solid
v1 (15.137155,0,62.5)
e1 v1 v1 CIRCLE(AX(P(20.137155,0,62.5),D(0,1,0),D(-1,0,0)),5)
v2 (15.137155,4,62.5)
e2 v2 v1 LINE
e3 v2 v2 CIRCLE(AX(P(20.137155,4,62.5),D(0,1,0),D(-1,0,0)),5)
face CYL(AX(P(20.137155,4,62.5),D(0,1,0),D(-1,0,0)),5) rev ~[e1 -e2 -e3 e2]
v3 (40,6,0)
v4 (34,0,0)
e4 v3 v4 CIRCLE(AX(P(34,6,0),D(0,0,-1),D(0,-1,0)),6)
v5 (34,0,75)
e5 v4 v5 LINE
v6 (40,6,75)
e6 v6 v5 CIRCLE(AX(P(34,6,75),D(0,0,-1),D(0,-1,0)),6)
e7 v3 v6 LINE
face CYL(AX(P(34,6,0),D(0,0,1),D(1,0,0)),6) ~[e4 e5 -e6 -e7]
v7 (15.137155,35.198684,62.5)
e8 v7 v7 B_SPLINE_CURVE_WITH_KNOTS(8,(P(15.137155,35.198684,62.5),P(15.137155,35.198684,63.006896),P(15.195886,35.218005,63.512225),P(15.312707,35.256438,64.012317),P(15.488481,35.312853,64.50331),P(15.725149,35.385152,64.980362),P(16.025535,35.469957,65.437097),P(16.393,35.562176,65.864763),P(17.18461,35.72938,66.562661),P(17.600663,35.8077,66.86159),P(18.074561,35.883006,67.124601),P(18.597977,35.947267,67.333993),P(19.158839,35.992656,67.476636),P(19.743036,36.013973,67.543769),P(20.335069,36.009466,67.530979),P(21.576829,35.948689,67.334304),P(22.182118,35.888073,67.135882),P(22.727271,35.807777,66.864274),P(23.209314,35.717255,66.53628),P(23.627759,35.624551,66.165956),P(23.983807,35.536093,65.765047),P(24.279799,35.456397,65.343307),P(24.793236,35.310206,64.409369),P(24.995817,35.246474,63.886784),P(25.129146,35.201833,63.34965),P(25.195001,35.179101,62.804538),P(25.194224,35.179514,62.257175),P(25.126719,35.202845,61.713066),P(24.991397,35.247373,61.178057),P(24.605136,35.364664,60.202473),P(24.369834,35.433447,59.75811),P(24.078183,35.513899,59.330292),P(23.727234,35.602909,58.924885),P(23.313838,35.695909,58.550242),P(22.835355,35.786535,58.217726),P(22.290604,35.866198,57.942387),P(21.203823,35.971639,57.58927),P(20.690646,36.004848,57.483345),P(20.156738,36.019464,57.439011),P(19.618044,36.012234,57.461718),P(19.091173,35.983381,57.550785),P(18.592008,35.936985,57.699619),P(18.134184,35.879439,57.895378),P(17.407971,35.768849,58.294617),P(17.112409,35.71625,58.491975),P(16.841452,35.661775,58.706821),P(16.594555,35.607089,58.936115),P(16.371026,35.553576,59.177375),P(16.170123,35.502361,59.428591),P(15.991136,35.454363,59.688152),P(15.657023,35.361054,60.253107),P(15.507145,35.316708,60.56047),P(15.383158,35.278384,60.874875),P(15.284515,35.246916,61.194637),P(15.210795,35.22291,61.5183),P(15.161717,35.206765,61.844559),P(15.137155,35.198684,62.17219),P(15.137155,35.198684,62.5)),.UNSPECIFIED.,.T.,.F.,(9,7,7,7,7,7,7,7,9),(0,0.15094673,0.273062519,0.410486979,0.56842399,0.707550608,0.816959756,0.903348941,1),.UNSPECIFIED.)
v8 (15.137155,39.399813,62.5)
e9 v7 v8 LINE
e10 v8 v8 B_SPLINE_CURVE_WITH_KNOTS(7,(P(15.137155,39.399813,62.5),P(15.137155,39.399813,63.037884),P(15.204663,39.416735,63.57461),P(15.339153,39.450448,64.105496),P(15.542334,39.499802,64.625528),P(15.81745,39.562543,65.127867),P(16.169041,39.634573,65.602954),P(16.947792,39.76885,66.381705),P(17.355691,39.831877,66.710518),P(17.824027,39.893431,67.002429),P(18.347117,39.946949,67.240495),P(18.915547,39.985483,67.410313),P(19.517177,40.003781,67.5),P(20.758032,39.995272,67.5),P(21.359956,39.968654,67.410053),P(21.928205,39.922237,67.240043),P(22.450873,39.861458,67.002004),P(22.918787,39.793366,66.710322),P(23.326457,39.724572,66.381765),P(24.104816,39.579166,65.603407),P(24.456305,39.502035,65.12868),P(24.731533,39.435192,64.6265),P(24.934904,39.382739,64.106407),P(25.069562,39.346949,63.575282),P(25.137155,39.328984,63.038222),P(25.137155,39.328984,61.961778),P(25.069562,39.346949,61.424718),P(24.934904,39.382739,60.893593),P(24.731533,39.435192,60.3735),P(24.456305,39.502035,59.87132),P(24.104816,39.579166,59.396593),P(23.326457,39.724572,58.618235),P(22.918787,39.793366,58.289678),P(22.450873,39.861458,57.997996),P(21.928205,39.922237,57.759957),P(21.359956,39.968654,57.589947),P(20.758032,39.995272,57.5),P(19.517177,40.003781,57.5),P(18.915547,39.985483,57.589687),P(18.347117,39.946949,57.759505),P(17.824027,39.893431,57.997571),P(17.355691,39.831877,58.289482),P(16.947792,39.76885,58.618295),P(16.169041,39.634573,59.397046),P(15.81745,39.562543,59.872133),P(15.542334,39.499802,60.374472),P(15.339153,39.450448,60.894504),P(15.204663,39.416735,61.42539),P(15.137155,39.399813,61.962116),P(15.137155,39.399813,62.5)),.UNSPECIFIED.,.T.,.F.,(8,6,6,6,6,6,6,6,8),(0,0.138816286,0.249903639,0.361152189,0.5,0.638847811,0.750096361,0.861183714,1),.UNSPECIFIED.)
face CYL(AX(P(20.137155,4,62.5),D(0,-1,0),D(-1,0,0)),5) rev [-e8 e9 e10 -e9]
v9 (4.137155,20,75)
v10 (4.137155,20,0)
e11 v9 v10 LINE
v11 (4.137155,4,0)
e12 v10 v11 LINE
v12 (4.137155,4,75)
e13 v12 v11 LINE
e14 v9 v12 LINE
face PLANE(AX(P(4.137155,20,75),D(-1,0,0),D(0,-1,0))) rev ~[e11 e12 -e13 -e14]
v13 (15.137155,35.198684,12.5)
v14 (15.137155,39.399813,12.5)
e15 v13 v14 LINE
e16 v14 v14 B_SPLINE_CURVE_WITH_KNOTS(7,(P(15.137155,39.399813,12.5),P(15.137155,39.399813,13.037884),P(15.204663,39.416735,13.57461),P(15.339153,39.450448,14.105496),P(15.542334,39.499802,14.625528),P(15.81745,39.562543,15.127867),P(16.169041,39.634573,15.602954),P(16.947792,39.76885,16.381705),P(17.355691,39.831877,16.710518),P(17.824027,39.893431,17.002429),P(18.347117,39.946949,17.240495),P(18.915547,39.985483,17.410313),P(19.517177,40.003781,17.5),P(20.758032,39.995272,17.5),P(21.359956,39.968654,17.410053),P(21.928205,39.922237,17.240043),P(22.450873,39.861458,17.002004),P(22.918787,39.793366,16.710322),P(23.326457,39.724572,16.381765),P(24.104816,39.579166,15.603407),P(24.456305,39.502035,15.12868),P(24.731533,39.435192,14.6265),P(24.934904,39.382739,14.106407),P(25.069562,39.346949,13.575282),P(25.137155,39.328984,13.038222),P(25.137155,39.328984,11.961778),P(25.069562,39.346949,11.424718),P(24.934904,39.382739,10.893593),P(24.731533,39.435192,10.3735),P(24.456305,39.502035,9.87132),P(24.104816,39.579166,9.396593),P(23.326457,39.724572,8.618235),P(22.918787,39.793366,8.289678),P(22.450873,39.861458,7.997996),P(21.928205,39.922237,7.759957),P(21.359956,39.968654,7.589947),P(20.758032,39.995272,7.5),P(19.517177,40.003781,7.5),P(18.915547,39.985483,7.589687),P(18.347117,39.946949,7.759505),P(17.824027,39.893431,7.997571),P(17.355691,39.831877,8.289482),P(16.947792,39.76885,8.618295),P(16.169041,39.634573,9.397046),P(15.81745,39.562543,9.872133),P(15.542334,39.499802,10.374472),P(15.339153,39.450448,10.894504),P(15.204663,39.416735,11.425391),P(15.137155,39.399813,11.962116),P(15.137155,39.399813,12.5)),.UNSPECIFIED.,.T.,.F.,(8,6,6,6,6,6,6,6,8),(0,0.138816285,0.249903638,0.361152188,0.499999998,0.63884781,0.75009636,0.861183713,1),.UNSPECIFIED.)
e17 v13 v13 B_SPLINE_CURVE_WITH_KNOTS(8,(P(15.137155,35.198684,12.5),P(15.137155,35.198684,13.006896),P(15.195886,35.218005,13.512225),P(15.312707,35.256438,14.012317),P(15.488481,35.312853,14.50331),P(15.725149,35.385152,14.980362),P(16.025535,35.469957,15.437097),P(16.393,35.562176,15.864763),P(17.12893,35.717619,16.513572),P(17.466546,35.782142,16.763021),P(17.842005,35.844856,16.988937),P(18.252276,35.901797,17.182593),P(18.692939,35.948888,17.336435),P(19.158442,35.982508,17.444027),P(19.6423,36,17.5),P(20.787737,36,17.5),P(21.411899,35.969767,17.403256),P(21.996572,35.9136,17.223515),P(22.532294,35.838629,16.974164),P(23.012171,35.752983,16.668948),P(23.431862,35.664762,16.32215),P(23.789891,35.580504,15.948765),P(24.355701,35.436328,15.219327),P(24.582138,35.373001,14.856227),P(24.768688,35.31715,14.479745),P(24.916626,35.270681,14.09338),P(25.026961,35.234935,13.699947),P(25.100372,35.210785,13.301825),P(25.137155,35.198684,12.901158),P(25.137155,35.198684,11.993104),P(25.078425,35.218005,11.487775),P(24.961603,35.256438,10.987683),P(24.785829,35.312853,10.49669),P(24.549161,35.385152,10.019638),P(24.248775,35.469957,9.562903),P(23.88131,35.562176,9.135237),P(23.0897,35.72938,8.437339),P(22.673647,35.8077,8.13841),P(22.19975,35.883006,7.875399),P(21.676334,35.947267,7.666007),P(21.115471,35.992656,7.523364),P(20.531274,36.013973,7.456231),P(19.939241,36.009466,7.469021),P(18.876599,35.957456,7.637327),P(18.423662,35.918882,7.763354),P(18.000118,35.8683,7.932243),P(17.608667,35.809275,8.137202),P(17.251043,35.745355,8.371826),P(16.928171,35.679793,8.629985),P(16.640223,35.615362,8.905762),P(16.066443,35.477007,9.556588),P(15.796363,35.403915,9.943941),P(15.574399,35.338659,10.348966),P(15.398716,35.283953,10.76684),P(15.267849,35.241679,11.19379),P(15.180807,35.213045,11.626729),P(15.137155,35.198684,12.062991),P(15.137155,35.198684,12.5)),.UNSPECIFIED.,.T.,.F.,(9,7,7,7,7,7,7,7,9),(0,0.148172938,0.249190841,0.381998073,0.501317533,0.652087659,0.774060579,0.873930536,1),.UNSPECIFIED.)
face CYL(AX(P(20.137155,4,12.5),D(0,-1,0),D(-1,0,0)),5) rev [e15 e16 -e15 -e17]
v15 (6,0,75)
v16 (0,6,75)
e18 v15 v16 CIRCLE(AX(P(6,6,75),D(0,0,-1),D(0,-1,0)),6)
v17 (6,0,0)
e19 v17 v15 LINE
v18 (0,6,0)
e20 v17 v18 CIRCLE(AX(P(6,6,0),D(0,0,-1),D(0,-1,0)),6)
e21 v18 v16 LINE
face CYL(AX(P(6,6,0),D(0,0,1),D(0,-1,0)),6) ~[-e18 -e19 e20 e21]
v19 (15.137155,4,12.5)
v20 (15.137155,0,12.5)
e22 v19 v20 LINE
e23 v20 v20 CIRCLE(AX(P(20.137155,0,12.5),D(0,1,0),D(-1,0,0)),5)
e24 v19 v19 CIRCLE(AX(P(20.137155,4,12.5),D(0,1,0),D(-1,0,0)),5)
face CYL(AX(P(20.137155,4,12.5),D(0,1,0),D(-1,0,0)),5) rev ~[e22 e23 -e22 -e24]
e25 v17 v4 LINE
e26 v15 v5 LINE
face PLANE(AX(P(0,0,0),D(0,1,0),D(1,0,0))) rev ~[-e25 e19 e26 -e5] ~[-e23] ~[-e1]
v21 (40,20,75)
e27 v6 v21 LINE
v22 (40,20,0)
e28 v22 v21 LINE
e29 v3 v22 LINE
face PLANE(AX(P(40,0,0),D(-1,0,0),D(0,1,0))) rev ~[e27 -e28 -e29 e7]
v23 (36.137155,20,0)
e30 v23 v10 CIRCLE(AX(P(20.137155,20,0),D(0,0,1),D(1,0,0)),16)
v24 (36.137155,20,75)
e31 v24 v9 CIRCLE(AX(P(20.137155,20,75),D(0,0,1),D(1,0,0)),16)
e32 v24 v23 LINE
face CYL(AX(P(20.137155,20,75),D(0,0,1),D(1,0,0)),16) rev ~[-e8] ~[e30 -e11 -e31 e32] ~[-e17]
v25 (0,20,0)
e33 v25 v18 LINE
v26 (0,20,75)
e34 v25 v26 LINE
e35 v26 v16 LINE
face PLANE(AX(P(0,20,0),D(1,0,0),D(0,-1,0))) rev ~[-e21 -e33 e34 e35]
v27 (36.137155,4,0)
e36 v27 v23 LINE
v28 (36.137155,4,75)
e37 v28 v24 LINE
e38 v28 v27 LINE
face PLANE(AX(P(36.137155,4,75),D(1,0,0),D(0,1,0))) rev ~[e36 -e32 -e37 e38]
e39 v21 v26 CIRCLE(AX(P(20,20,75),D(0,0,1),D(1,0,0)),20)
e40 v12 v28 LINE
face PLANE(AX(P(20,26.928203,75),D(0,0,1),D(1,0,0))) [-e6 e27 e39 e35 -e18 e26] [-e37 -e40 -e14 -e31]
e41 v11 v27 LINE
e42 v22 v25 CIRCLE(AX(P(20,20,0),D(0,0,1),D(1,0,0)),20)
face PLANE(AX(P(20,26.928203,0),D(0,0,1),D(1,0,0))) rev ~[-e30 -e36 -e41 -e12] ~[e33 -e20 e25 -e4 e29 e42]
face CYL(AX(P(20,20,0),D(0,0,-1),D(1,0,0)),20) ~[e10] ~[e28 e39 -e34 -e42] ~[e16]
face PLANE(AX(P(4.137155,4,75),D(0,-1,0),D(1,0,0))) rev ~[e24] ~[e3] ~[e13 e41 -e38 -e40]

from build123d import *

# Parameters (mm, degrees)
F1_DEPTH      = 75
F3_DEPTH      = 75
F5_R          = 6
F6_R          = 6
F4_R          = 5
F7_DEPTH      = 25
F7_DEPTH_BACK = 36.001


with BuildPart() as f1:
    # F0 (on Top) → F1 (new body)
    with BuildSketch(Plane.XY):
        with BuildLine():
            ThreePointArc((40, 20), (20, 40), (0, 20))
            Line((0, 20), (40, 20))
        make_face()
        with BuildLine():
            ThreePointArc((0, 20), (5.8578643763, 5.8578643763), (20, 0))
            ThreePointArc((20, 0), (34.1421356237, 5.8578643763), (40, 20))
            Line((40, 20), (0, 20))
        make_face()
        with BuildLine():
            ThreePointArc((40, 20), (34.1421356237, 5.8578643763), (20, 0))
            Line((20, 0), (40, 0))
            Line((40, 0), (40, 20))
        make_face()
        with BuildLine():
            Line((0, 20), (0, 0))
            Line((0, 0), (20, 0))
            ThreePointArc((20, 0), (5.8578643763, 5.8578643763), (0, 20))
        make_face()
    extrude(amount=F1_DEPTH)

    # F2 (on face) → F3 (cut)
    with BuildSketch(Plane.XY.offset(75)):
        with BuildLine():
            ThreePointArc((36.1371551045, 20), (20.1371551045, 36), (4.1371551045, 20))
            Line((4.1371551045, 20), (36.1371551045, 20))
        make_face()
        with BuildLine():
            Line((36.1371551045, 20), (4.1371551045, 20))
            ThreePointArc((4.1371551045, 20), (8.8234466055, 8.686291501), (20.1371551045, 4))
            ThreePointArc((20.1371551045, 4), (31.4508636035, 8.686291501), (36.1371551045, 20))
        make_face()
        with BuildLine():
            ThreePointArc((20.1371551045, 4), (8.8234466055, 8.686291501), (4.1371551045, 20))
            Line((4.1371551045, 20), (4.1371551045, 4))
            Line((4.1371551045, 4), (20.1371551045, 4))
        make_face()
        with BuildLine():
            Line((36.1371551045, 4), (36.1371551045, 20))
            ThreePointArc((36.1371551045, 20), (31.4508636035, 8.686291501), (20.1371551045, 4))
            Line((20.1371551045, 4), (36.1371551045, 4))
        make_face()
    extrude(amount=-F3_DEPTH, mode=Mode.SUBTRACT)

    # F5
    f5_edges = [f1.edges().sort_by_distance(p)[0] for p in [
        (40, 0, 37.5),
    ]]
    fillet(f5_edges, radius=F5_R)

    # F6
    f6_edges = [f1.edges().sort_by_distance(p)[0] for p in [
        (0, 0, 37.5),
    ]]
    fillet(f6_edges, radius=F6_R)

    # F4 (on face) → F7 (cut, two sides)
    with BuildSketch(Plane(origin=(0, 4, 0), x_dir=(-1, 0, 0), z_dir=(0, 1, 0))) as f7_sk:
        with Locations((-20.1371551045, 12.5)):
            Circle(F4_R)
        with Locations((-20.1371551045, 62.5)):
            Circle(F4_R)
    extrude(amount=-F7_DEPTH, mode=Mode.SUBTRACT)
    extrude(f7_sk.sketch, amount=F7_DEPTH_BACK, mode=Mode.SUBTRACT)


solid = f1.part
